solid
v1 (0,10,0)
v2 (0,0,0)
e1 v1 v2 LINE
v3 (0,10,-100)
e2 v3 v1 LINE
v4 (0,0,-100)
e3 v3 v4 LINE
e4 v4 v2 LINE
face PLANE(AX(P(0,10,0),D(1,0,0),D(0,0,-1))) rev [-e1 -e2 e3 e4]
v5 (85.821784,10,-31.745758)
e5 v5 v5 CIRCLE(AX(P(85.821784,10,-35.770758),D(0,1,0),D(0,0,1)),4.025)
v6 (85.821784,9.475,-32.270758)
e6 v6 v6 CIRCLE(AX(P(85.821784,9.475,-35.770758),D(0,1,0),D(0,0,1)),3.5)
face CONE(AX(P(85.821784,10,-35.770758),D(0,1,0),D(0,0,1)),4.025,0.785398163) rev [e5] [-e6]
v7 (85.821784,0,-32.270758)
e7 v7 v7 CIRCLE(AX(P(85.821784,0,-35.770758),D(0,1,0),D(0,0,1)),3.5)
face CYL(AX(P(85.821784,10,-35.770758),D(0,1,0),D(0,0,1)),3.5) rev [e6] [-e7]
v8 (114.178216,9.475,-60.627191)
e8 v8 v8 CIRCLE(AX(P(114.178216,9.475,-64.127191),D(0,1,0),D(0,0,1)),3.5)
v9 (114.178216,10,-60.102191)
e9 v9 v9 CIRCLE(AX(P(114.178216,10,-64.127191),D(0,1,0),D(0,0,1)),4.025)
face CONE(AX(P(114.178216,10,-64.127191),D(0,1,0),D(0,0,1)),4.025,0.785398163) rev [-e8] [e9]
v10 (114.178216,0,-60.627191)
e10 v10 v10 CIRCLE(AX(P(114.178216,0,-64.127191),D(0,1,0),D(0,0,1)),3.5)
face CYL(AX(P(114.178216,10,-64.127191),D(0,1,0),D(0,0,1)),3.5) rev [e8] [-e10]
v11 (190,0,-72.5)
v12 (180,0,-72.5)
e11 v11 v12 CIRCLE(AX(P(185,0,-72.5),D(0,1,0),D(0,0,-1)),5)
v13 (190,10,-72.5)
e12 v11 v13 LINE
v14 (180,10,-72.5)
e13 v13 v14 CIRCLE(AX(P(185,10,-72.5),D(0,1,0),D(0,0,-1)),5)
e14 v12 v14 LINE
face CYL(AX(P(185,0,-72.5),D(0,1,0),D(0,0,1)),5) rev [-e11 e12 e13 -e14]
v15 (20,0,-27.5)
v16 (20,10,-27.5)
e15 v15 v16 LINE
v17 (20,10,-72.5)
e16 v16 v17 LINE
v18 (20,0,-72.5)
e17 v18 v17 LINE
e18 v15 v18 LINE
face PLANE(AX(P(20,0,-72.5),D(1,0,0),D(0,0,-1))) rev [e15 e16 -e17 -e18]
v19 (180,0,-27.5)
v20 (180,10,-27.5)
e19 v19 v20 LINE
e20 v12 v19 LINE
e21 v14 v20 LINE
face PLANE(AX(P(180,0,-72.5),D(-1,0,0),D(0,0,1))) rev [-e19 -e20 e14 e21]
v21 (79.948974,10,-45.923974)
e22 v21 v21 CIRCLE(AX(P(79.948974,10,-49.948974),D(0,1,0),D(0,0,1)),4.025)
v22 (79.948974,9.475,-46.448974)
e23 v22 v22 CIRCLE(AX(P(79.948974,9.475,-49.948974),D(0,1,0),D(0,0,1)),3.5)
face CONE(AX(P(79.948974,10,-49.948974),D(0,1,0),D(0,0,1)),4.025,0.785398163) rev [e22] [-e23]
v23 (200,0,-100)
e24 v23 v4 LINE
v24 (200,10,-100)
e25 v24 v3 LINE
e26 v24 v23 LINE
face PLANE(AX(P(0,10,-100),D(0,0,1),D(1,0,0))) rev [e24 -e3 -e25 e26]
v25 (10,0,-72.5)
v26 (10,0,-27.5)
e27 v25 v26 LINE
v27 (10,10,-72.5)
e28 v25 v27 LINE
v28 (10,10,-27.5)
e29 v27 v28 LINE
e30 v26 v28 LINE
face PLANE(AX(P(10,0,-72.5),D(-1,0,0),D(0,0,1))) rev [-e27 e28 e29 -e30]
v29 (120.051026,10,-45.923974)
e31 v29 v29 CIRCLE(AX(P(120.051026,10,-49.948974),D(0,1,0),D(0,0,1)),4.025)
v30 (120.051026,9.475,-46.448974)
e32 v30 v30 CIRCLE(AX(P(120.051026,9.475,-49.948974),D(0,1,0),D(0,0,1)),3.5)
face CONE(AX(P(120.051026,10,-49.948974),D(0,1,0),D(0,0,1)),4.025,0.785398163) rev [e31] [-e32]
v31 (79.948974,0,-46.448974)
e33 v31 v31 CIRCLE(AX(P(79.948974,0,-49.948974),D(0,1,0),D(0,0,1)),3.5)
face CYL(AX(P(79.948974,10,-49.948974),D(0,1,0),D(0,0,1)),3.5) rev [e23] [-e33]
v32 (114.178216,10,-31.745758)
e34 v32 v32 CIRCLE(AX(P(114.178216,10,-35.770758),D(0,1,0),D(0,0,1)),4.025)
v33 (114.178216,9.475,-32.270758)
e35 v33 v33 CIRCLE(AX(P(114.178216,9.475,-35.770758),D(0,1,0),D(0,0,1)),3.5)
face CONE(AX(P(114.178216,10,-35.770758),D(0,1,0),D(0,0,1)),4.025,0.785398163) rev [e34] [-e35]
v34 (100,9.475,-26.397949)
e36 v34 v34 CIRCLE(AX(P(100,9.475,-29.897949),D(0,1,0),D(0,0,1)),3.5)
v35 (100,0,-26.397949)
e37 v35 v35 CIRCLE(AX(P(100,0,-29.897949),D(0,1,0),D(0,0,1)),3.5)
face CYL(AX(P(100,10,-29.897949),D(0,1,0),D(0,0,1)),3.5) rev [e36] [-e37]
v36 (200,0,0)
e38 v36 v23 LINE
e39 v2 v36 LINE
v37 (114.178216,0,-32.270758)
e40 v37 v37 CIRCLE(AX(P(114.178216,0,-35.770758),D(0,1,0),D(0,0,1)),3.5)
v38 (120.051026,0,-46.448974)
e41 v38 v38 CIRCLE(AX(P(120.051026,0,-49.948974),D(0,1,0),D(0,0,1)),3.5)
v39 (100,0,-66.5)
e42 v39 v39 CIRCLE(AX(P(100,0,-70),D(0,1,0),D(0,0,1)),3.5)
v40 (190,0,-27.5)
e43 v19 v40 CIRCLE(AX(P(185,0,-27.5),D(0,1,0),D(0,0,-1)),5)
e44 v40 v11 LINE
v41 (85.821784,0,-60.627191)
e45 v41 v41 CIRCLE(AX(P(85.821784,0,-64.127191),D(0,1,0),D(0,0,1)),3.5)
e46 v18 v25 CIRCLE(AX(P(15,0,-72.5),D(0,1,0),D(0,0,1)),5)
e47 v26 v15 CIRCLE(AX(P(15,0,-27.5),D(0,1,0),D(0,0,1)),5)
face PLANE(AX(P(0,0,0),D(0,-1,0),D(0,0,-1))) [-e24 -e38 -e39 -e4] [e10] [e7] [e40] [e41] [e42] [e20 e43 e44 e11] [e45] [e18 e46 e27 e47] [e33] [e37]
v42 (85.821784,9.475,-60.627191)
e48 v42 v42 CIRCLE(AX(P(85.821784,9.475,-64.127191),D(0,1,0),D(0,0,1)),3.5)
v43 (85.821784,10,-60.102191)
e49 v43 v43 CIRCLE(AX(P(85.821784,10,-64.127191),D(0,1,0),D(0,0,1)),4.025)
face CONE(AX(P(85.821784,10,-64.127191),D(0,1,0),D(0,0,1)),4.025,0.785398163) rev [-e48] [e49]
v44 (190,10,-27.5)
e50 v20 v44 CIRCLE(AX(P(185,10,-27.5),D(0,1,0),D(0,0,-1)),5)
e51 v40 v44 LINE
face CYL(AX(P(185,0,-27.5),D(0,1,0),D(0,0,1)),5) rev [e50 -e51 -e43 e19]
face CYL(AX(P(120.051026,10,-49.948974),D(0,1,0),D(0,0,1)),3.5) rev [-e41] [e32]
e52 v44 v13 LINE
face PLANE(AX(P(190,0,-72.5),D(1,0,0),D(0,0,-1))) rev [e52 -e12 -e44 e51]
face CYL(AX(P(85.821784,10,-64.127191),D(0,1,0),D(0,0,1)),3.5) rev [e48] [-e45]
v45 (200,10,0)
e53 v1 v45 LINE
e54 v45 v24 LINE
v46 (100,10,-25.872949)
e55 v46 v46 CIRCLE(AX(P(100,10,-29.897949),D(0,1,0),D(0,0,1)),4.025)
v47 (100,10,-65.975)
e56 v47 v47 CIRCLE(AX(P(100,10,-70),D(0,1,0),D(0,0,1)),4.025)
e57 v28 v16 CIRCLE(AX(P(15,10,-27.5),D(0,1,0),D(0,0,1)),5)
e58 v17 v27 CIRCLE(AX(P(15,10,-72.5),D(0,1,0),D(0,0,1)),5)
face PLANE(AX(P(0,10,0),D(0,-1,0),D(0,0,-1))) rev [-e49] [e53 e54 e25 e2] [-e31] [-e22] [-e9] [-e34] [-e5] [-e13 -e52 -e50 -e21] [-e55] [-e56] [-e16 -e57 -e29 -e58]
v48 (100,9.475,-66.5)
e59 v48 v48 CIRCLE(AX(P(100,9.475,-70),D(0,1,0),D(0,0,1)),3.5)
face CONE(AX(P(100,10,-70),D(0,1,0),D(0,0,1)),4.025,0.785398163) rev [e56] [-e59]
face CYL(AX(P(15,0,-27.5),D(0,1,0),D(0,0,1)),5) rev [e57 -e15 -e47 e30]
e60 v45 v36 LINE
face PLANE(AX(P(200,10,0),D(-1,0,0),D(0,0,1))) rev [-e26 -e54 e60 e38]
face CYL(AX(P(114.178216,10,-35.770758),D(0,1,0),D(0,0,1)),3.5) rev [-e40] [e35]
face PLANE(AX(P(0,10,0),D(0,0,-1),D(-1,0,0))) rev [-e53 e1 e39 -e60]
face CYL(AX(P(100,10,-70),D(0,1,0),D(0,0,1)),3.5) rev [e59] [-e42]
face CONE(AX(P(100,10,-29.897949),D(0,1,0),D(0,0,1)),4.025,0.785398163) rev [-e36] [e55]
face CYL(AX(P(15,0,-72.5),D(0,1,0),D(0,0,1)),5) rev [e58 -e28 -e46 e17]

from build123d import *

# Parameters (mm, degrees)
SKETCH2_W                       = 200
SKETCH2_H                       = 100
BOSS_EXTRUDE2_DEPTH             = 10
M8X1_0_TAPPED_HOLE1_D           = 7
M8X1_0_TAPPED_HOLE1_CSINK_D     = 8.05
M8X1_0_TAPPED_HOLE1_CSINK_ANGLE = 90
CIRPATTERN1_COUNT               = 8
CUT_EXTRUDE1_DEPTH              = 224.830292856


with BuildPart() as part:
    # Sketch2 → Boss-Extrude2 (new body)
    with BuildSketch(Plane(origin=(0, 0, 0), x_dir=(1, 0, 0), z_dir=(0, 1, 0))):
        with Locations((100, 50)):
            Rectangle(SKETCH2_W, SKETCH2_H)
    extrude(amount=BOSS_EXTRUDE2_DEPTH)

    # M8x1.0 Tapped Hole1 (through all)
    with Locations(Plane(origin=(0, 10, 0), x_dir=(1, 0, 0), z_dir=(0, 1, 0))):
        with Locations((100, 70)):
            m8x1_0_tapped_hole1 = CounterSinkHole(M8X1_0_TAPPED_HOLE1_D / 2, M8X1_0_TAPPED_HOLE1_CSINK_D / 2, counter_sink_angle=M8X1_0_TAPPED_HOLE1_CSINK_ANGLE)

    # CirPattern1: M8x1.0 Tapped Hole1 ×8 about axis
    cirpattern1_axis = Axis((100, 0, -49.948974386), (0, 1, 0))
    for i in range(1, CIRPATTERN1_COUNT):
        add(m8x1_0_tapped_hole1.rotate(cirpattern1_axis, i * 360 / CIRPATTERN1_COUNT), mode=Mode.SUBTRACT)

    # Sketch6 → Cut-Extrude1 (cut, through all)
    with BuildSketch(Plane(origin=(0, 10, 0), x_dir=(1, 0, 0), z_dir=(0, 1, 0))):
        with BuildLine():
            Line((20, 72.5), (20, 27.5))
            ThreePointArc((20, 27.5), (15, 22.5), (10, 27.5))
            Line((10, 27.5), (10, 72.5))
            ThreePointArc((10, 72.5), (15, 77.5), (20, 72.5))
        make_face()
        with BuildLine():
            Line((180, 72.5), (180, 27.5))
            ThreePointArc((180, 27.5), (185, 22.5), (190, 27.5))
            Line((190, 27.5), (190, 72.5))
            ThreePointArc((190, 72.5), (185, 77.5), (180, 72.5))
        make_face()
    extrude(amount=-CUT_EXTRUDE1_DEPTH, mode=Mode.SUBTRACT)


solid = part.part
